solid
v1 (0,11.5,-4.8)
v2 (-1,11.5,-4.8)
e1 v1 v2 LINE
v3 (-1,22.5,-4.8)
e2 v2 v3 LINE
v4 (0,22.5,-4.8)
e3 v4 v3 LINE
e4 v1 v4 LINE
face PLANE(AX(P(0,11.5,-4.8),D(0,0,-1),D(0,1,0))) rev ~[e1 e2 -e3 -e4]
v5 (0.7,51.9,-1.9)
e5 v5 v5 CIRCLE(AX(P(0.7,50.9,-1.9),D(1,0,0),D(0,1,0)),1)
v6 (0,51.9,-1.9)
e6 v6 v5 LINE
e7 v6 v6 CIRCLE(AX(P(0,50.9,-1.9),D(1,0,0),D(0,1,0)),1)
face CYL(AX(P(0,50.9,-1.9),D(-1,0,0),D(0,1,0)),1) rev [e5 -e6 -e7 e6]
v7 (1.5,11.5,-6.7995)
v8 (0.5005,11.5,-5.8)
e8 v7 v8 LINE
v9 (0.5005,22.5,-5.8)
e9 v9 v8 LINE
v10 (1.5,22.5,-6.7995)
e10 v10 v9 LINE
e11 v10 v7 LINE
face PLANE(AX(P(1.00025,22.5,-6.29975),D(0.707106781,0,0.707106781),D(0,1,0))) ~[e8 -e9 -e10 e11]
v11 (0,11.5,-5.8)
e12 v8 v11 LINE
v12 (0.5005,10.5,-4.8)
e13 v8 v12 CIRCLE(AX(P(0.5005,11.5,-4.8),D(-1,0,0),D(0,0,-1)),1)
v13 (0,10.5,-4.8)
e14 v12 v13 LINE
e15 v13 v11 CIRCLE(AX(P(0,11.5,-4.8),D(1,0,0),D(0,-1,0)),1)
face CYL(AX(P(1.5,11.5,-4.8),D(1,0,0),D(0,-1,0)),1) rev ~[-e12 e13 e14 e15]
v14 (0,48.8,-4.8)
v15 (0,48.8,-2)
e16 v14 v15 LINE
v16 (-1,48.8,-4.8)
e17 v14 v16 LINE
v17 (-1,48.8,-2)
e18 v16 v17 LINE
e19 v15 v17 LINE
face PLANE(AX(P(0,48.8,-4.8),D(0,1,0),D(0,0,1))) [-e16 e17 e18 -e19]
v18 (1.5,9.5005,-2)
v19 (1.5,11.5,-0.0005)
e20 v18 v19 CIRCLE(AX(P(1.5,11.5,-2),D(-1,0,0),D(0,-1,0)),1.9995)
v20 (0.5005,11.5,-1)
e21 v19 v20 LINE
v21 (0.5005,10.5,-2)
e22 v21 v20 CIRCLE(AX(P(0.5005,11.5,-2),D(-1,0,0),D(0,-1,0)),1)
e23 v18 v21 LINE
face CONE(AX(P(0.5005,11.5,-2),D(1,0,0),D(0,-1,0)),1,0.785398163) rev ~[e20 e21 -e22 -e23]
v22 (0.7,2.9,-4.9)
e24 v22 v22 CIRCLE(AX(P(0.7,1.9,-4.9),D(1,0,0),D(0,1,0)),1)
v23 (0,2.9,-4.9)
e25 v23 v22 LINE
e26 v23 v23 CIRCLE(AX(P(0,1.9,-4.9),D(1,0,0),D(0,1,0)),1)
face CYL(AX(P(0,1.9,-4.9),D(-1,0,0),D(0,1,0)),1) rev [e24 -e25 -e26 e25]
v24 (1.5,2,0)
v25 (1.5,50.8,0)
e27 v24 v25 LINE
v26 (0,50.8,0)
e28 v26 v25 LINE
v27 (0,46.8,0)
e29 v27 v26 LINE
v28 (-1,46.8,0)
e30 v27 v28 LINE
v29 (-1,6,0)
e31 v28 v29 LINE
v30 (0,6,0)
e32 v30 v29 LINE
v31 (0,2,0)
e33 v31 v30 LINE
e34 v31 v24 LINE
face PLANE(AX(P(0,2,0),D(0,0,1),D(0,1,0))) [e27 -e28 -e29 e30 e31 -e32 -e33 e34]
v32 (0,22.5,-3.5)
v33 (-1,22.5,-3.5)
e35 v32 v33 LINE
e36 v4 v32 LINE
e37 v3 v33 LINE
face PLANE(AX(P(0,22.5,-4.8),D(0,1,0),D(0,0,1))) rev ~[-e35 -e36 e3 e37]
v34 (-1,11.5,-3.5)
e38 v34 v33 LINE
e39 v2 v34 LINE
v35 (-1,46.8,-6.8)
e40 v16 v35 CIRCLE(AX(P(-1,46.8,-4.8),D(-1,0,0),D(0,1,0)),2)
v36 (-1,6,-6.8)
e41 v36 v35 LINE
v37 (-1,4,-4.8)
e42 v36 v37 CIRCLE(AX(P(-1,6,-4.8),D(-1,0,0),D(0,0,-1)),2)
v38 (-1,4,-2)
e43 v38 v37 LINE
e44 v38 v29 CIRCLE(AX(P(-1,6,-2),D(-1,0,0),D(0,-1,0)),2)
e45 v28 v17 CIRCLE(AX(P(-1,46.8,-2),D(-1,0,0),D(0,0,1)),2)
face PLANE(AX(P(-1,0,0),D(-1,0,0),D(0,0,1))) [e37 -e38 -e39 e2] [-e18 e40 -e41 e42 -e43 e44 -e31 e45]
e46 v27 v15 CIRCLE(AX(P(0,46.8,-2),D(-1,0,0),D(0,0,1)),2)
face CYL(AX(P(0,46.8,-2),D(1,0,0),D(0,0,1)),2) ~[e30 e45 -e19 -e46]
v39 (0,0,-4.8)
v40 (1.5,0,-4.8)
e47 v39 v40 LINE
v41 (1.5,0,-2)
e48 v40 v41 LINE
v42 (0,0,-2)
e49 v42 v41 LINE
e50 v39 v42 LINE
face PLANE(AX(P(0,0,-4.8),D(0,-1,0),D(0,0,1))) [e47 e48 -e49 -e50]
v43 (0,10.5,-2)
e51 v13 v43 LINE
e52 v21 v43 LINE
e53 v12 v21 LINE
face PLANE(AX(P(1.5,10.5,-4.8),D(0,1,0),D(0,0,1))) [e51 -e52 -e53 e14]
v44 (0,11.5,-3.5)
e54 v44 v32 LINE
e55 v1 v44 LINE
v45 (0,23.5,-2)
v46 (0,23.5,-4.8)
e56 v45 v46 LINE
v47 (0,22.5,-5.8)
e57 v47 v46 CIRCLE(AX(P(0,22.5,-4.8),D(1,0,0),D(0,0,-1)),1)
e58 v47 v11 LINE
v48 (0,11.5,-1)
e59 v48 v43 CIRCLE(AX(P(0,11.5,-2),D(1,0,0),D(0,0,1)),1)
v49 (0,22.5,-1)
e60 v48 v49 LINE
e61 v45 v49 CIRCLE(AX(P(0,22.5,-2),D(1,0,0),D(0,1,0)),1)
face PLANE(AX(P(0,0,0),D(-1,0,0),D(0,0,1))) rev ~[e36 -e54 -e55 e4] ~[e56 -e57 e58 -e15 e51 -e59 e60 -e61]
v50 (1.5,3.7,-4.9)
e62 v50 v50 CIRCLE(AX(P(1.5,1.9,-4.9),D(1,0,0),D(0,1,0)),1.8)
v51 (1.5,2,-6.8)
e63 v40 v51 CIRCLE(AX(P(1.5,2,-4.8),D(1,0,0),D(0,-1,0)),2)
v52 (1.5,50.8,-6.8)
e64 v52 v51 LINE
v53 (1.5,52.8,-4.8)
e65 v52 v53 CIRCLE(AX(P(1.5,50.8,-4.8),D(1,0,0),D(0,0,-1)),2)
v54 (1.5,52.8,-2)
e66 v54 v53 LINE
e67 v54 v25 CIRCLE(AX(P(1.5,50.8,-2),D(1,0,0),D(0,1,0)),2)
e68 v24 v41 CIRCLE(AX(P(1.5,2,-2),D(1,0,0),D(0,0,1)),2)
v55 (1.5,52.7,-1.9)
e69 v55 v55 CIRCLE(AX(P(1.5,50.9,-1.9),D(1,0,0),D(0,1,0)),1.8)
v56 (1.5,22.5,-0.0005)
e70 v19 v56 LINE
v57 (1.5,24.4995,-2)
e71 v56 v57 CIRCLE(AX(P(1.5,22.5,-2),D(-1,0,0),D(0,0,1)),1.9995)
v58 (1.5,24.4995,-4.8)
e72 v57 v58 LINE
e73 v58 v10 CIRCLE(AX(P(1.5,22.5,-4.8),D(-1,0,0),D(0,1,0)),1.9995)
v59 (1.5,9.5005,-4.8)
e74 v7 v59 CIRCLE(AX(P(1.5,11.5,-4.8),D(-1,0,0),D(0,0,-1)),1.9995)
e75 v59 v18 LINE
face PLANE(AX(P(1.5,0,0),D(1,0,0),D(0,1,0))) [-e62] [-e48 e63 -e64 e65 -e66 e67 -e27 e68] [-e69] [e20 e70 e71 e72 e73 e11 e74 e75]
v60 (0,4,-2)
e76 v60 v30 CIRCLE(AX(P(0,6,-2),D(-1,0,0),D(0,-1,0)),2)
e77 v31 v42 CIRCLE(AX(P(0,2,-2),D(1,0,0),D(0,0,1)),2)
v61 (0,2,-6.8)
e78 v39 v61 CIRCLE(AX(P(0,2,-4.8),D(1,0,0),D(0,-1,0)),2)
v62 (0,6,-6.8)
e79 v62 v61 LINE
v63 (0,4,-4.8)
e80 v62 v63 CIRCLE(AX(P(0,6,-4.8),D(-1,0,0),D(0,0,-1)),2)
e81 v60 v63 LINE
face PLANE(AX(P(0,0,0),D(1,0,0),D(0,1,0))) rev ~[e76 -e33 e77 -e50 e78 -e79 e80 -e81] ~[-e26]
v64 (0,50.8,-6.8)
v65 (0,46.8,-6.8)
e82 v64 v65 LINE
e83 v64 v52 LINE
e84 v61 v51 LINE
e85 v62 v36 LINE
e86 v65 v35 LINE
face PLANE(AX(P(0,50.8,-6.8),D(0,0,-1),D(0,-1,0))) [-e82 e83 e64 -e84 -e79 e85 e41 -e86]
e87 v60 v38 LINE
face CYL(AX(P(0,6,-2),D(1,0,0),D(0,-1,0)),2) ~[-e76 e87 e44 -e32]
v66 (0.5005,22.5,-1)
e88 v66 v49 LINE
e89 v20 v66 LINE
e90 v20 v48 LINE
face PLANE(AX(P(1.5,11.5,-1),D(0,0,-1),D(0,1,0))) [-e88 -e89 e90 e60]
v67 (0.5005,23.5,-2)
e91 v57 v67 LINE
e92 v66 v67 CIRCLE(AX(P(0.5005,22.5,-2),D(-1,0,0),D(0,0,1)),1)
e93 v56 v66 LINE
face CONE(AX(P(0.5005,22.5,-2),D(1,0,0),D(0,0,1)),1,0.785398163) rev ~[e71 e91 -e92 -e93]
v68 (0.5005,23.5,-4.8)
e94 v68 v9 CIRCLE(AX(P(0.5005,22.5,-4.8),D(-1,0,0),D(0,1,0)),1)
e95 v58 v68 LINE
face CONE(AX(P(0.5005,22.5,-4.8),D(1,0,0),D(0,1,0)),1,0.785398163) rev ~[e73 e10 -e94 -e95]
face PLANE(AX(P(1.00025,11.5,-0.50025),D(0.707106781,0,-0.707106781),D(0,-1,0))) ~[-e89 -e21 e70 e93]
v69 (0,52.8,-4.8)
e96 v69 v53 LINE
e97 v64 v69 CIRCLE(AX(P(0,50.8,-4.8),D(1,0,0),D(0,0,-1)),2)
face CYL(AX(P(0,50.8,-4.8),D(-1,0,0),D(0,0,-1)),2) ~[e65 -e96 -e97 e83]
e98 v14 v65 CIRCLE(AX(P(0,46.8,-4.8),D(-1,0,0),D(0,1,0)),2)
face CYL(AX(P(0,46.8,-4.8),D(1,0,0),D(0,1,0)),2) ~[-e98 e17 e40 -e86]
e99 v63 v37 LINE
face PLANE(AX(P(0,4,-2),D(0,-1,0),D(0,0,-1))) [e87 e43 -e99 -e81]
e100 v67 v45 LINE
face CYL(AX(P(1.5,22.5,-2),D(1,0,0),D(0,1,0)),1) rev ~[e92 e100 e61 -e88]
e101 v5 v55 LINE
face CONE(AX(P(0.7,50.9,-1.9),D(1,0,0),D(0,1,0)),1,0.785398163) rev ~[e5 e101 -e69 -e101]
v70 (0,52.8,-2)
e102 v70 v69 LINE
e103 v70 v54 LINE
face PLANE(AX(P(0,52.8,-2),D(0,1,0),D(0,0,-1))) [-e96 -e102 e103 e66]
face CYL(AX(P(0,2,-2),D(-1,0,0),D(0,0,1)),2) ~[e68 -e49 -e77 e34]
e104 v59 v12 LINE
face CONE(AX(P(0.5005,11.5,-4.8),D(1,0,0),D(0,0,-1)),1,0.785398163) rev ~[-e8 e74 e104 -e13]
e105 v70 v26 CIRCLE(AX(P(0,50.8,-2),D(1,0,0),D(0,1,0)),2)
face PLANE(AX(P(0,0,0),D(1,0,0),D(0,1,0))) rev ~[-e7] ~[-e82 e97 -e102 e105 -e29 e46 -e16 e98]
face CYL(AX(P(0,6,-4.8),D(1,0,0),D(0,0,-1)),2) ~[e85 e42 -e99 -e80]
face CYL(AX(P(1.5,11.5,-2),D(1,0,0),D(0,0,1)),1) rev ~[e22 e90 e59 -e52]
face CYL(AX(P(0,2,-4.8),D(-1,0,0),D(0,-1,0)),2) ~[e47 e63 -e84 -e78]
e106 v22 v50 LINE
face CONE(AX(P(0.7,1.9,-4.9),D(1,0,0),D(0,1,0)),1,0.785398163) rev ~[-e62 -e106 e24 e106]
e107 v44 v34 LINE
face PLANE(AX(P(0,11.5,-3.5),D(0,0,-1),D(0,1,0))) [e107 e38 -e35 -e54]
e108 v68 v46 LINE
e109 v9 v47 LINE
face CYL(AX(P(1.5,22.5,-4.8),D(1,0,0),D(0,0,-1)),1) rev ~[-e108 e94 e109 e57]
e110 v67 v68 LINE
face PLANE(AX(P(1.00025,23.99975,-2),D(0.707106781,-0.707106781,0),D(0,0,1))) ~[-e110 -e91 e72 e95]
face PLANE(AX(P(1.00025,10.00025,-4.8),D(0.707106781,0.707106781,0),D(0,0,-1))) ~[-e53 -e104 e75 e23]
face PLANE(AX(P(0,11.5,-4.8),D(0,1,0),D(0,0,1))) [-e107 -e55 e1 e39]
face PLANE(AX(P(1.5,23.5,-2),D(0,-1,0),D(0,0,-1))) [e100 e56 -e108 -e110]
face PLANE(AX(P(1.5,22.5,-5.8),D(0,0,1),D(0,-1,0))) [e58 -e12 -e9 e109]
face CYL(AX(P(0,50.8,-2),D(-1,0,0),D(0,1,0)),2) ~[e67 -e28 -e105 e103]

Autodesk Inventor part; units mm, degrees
ref_plane "YZ Plane" through (0, 0, 0) normal (1, 0, 0) x (0, 1, 0)
ref_plane "XZ Plane" through (0, 0, 0) normal (0, 1, 0) x (-1, 0, 0)
ref_plane "XY Plane" through (0, 0, 0) normal (0, 0, 1) x (1, 0, 0)
sketch "Sketch1" plane through (0, 0, 0) normal (1, 0, 0) x (0, 1, 0)
  line L0 (2, 0) -> (50.8, 0)
  line L1 (52.8, -2) -> (52.8, -4.8)
  line L2 (50.8, -6.8) -> (2, -6.8)
  line L3 (0, -4.8) -> (0, -2)
  arc A0 (2, 0) -> (0, -2) centre (2, -2) ccw
  arc A1 (0, -4.8) -> (2, -6.8) centre (2, -4.8) ccw
  arc A2 (50.8, -6.8) -> (52.8, -4.8) centre (50.8, -4.8) ccw
  arc A3 (52.8, -2) -> (50.8, 0) centre (50.8, -2) ccw
  line L4 (26.4, 0) -> (26.4, -6.5481) construction
  line L5 (52.8, -3.4) -> (39.7965, -3.4) construction
  circle A4 centre (1.9, -1.9) radius 1 construction
  circle A5 centre (50.9, -1.9) radius 1
  circle A6 centre (50.9, -4.9) radius 1 construction
  circle A7 centre (1.9, -4.9) radius 1
  point P0 (0, 0)
  point P1 (52.8, 0)
  point P2 (0, -6.8)
  dimension "d0" = 52.8
  dimension "d1" = 6.8
  dimension "d2" = 2
  dimension "d35" = 2
  dimension "d36" = 0.1
  dimension "d37" = 0.1
extrude "Extrusion1" add sketch "Sketch1" along normal blind 1.5
chamfer "Chamfer1" distance 0.8 angle 45 2 edges at (1.5, 49.9, -1.9) (1.5, 0.9, -4.9)
sketch "Sketch2" plane through (1.5, 0, 0) normal (1, 0, 0) x (0, 0, -1)
  line L0 (0, 50.8) -> (0, 2) projected
  line L1 (2, 23.5) -> (4.8, 23.5)
  line L2 (5.8, 22.5) -> (5.8, 11.5)
  line L3 (4.8, 10.5) -> (2, 10.5)
  line L4 (1, 11.5) -> (1, 22.5)
  arc A0 (5.8, 22.5) -> (4.8, 23.5) centre (4.8, 22.5) ccw
  arc A1 (4.8, 10.5) -> (5.8, 11.5) centre (4.8, 11.5) ccw
  arc A2 (1, 11.5) -> (2, 10.5) centre (2, 11.5) ccw
  arc A3 (2, 23.5) -> (1, 22.5) centre (2, 22.5) ccw
  line L5 (6.8, 2) -> (6.8, 50.8) projected
  line L6 (2, 0) -> (4.8, 0) projected
  point P0 (0, 0)
  dimension "d11" = 1
  dimension "d19" = 1
  dimension "d20" = 13
  dimension "d21" = 1
  dimension "d22" = 1
  dimension "d23" = 1
  dimension "d24" = 1
  dimension "d25" = 10.5
extrude "Extrusion2" cut sketch "Sketch2" against normal blind 1.5
sketch "Sketch3" plane through (0, 0, 0) normal (-1, 0, 0) x (0, 0, 1)
  arc A0 (-4.8, 23.5) -> (-5.8, 22.5) centre (-4.8, 22.5) ccw projected
  arc A1 (-1, 22.5) -> (-2, 23.5) centre (-2, 22.5) ccw projected
  line L0 (-1, 22.5) -> (-1, 11.5) projected
  line L1 (-2, 10.5) -> (-4.8, 10.5) projected
  arc A2 (-5.8, 11.5) -> (-4.8, 10.5) centre (-4.8, 11.5) ccw projected
  line L2 (-5.8, 11.5) -> (-5.8, 22.5) projected
  line L3 (0, 50.8) -> (0, 2) projected
  line L4 (-4.8, 52.8) -> (-2, 52.8) projected
  line L5 (-4.8, 48.8) -> (-2, 48.8)
  line L6 (0, 46.8) -> (0, 6)
  line L7 (-2, 4) -> (-4.8, 4)
  line L8 (-6.8, 6) -> (-6.8, 46.8)
  arc A3 (-4.8, 48.8) -> (-6.8, 46.8) centre (-4.8, 46.8) ccw
  arc A4 (0, 46.8) -> (-2, 48.8) centre (-2, 46.8) ccw
  arc A5 (-2, 4) -> (0, 6) centre (-2, 6) ccw
  arc A6 (-6.8, 6) -> (-4.8, 4) centre (-4.8, 6) ccw
  line L9 (-3.4, 52.8) -> (-3.4, 49.069) construction
  line L10 (0, 26.4) -> (-3, 26.4) construction
  line L11 (-6.8, 26.4) -> (-12.1303, 26.4) construction
  line L12 (-4.8, 23.5) -> (-4.8, 23.5)
  line L13 (-5.8, 22.5) -> (-5.8, 11.5)
  line L14 (-4.8, 10.5) -> (-4.8, 10.5)
  line L15 (-4.8, 10.5) -> (-4.8, 23.5)
  line L16 (-3.5, 23.5) -> (-2, 23.5)
  line L17 (-1, 22.5) -> (-1, 11.5)
  line L18 (-2, 10.5) -> (-3.5, 10.5)
  line L19 (-3.5, 10.5) -> (-3.5, 23.5)
  arc A7 (-4.8, 23.5) -> (-5.8, 22.5) centre (-4.8, 22.5) ccw
  arc A8 (-5.8, 11.5) -> (-4.8, 10.5) centre (-4.8, 11.5) ccw
  arc A9 (-1, 22.5) -> (-2, 23.5) centre (-2, 22.5) ccw
  arc A10 (-2, 10.5) -> (-1, 11.5) centre (-2, 11.5) ccw
  line L20 (-4.8, 23.5) -> (-2, 23.5) projected
  line L21 (-4.8, 22.5) -> (-3.5, 22.5)
  line L22 (-4.8, 11.5) -> (-3.5, 11.5)
  point P0 (0, 0)
  point P1 (0, 4)
  point P2 (0, 48.8)
  point P3 (-6.8, 4)
  point P4 (-6.8, 45.8508)
  point P5 (-6.8, 31.9198)
  point P6 (-6.8, 26.4798)
  point P7 (-6.8, 11.7389)
  dimension "d14" = 6.8
  dimension "d15" = 44.8
  dimension "d16" = 2
  dimension "d29" = 1
  dimension "d30" = 2.5
  dimension "d31" = 1
  dimension "d32" = 1.3
  dimension "d33" = 1
  dimension "d34" = 1
extrude "Extrusion3" add sketch "Sketch3" along normal blind 1 contours L15 A2 L2 A0 | L20 L19 L21 L15 | L16 A1 L0 A10 L1 L19 | L22 L19 L1 L15 | L3 A5 L7 A6 L8 A3 L5 A4
chamfer "Chamfer2" distance 1 angle 45 8 edges at (1.5, 17, -5.8) (1.5, 10.7929, -5.5071) (1.5, 10.5, -3.4) (1.5, 10.7929, -1.2929) (1.5, 17, -1) (1.5, 23.2071, -1.2929) (1.5, 23.5, -3.4) (1.5, 23.2071, -5.5071)
properties part number "IOModulePlate02"
